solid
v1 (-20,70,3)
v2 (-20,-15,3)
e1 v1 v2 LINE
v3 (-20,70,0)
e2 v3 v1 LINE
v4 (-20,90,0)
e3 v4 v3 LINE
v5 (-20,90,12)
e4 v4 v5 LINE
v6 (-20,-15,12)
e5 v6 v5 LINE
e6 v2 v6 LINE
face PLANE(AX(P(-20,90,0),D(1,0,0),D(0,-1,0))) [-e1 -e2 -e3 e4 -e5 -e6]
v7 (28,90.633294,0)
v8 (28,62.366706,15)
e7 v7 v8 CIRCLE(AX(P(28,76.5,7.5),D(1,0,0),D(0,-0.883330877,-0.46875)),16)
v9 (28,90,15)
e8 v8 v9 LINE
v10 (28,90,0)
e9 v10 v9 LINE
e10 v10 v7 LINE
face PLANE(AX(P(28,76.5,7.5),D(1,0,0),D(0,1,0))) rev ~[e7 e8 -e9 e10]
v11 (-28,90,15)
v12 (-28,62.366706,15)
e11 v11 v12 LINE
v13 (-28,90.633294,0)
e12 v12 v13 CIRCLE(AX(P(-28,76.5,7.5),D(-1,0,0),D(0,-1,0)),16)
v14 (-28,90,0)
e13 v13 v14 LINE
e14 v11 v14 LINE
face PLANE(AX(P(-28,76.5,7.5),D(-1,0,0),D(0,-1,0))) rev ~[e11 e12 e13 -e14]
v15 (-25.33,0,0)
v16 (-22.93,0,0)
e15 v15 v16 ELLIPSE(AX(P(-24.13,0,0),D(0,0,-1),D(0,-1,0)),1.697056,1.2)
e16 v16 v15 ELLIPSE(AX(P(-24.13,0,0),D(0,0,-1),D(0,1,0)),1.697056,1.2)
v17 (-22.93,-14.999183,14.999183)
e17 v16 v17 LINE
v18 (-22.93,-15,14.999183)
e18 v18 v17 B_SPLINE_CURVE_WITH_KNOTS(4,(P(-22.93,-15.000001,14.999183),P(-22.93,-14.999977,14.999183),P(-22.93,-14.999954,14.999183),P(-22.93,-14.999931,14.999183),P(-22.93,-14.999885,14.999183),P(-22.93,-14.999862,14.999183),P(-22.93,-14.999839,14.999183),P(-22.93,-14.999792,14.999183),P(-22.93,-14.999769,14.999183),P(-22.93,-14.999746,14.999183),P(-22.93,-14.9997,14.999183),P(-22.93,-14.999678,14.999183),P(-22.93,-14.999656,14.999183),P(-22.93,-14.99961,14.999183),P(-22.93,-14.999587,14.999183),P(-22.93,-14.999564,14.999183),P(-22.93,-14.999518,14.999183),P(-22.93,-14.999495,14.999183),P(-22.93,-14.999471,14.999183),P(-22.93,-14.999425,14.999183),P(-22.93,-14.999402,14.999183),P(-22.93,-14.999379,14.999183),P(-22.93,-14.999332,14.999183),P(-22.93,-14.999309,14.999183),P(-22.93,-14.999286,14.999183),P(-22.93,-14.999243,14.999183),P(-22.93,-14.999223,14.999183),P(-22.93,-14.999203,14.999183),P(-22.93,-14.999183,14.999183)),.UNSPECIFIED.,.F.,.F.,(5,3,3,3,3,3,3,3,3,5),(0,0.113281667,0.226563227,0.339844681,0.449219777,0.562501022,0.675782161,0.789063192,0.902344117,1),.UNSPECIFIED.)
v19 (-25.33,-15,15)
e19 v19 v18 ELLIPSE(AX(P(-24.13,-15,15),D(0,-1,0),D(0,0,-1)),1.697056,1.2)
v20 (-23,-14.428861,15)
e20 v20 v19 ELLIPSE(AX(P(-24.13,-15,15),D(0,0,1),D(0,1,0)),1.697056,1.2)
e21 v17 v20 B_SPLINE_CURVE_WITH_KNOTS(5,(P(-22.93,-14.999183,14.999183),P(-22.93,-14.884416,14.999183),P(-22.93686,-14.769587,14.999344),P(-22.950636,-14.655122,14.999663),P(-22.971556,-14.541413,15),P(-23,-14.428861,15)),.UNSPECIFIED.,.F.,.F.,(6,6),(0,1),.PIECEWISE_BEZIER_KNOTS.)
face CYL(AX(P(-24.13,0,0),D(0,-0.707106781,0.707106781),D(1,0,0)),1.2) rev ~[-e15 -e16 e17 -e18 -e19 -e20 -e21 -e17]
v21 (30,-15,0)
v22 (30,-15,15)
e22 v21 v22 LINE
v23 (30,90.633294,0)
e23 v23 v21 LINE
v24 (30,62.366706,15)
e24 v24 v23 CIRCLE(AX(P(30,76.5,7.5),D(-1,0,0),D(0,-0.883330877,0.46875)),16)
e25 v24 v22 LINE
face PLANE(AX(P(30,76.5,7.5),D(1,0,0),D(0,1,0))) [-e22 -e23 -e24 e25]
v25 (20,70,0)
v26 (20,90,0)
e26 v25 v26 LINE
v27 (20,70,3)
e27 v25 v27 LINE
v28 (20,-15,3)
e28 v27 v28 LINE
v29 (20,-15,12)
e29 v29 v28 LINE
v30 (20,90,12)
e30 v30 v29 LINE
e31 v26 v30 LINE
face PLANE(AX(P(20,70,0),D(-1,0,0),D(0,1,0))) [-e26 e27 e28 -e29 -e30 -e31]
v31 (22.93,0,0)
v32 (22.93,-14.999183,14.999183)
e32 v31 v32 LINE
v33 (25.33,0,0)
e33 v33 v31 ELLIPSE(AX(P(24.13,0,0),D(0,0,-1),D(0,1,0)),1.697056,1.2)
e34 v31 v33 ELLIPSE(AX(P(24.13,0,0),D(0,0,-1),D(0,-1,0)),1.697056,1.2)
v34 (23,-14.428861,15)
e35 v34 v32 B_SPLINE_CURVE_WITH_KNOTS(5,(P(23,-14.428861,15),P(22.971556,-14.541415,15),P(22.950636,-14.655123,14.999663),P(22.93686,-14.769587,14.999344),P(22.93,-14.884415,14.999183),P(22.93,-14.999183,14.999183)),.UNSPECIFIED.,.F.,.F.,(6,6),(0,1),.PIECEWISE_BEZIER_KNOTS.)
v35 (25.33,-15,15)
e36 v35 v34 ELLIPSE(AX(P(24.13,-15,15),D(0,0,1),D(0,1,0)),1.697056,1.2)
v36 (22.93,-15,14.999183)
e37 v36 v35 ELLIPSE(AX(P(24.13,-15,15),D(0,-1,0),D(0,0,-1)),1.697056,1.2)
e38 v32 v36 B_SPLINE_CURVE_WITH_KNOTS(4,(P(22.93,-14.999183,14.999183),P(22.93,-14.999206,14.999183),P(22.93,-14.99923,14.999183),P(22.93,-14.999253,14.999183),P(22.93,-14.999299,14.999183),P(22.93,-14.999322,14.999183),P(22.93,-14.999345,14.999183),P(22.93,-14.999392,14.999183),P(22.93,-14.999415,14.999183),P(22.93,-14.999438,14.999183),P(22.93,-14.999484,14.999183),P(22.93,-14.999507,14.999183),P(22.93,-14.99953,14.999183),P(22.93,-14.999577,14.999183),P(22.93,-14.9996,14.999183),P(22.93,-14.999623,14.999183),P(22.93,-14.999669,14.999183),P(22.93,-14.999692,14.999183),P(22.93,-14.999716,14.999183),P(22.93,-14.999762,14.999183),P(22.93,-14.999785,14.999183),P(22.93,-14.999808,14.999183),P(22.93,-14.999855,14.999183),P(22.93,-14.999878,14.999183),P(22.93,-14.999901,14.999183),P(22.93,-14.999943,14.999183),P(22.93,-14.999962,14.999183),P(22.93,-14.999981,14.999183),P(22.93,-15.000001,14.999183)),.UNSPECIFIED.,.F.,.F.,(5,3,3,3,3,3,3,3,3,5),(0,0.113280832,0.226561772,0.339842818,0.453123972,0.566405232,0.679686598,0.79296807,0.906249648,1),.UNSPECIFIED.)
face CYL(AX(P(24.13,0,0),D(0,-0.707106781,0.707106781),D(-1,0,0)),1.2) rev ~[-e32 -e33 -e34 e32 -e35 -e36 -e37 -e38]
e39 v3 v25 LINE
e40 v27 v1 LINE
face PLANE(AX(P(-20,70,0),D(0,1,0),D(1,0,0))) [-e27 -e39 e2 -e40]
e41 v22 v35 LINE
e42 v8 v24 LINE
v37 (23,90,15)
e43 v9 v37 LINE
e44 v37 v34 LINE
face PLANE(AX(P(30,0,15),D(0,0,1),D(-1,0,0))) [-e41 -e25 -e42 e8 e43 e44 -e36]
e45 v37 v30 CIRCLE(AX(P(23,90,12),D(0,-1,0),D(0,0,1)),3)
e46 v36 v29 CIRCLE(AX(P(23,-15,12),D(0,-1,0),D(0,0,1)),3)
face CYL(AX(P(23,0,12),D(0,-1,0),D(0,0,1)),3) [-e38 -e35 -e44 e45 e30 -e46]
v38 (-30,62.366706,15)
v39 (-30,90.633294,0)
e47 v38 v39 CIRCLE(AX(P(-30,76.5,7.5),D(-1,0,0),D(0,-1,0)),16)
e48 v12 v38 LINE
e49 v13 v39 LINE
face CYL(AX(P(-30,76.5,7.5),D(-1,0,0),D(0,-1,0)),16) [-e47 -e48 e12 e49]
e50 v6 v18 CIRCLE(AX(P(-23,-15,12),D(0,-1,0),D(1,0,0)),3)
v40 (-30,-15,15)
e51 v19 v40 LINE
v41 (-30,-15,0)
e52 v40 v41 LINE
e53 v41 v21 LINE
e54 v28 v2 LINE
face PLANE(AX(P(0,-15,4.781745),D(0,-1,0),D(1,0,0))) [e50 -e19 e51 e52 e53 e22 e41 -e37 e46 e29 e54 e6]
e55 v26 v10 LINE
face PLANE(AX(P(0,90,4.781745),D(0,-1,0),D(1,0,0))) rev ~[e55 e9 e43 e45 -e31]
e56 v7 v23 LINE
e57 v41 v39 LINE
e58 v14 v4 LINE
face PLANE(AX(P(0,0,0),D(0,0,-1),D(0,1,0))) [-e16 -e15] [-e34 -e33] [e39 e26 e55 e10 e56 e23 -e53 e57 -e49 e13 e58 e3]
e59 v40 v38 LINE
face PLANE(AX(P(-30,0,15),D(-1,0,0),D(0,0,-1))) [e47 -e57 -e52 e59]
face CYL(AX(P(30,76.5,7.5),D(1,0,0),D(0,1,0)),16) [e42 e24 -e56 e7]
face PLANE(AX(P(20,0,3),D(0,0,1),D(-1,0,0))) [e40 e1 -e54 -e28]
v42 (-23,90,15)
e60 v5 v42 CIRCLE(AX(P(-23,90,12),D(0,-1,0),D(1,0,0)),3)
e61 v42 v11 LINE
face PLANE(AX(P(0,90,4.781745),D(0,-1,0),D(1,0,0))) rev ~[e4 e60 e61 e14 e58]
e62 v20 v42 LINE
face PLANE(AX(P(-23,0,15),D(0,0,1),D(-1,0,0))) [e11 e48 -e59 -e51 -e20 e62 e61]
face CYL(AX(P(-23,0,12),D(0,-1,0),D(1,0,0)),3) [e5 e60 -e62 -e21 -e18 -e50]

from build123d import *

# Parameters (mm, degrees)
F2_DEPTH       = 100
F2_DEPTH_BACK  = 20
F1_R           = 1
F4_DEPTH       = 15
F4_DEPTH_BACK  = 90
F6_R           = 16
F7_DEPTH       = 2
F8_R           = 16
F9_DEPTH       = 2
F11_DEPTH      = 10
F12_R          = 1.2
F13_DEPTH      = 124.25
F13_DEPTH_BACK = 109.5
F14_W          = 125.272244215
F14_H          = 20.9059882909
F15_DEPTH      = 40


with BuildPart() as f2:
    # F1 (on face) → F2 (new body, two sides)
    with BuildSketch(Plane(origin=(0, 0, 0), x_dir=(1, 0, 0), z_dir=(0, -0.7071067812, 0.7071067812))) as f2_sk:
        with BuildLine():
            ThreePointArc((25.13, 0), (24.13, 1), (23.13, 0))
            ThreePointArc((23.13, 0), (24.13, -1), (25.13, 0))
        make_face()
    extrude(amount=F2_DEPTH)
    extrude(f2_sk.sketch, amount=-F2_DEPTH_BACK)



with BuildPart() as f2b:
    # F1 (on face) → F2, piece 2 (new body, two sides)
    with BuildSketch(Plane(origin=(0, 0, 0), x_dir=(1, 0, 0), z_dir=(0, -0.7071067812, 0.7071067812))) as f2_2_sk:
        with Locations((-24.13, 0)):
            Circle(F1_R)
    extrude(amount=F2_DEPTH)
    extrude(f2_2_sk.sketch, amount=-F2_DEPTH_BACK)


with BuildPart() as f2_1:
    add(f2.part)

    add(f2b.part)  # F4 merges F2b
    # F3 (on Front) → F4 (join, two sides)
    with BuildSketch(Plane.XZ) as f4_sk:
        with BuildLine():
            Line((-30, 15), (-30, 0))
            Line((-30, 0), (30, 0))
            Line((30, 0), (30, 15))
            Line((30, 15), (23, 15))
            ThreePointArc((23, 15), (20.8786796564, 14.1213203436), (20, 12))
            Line((20, 12), (20, 3))
            Line((20, 3), (-20, 3))
            Line((-20, 3), (-20, 12))
            ThreePointArc((-20, 12), (-20.8786796564, 14.1213203436), (-23, 15))
            Line((-23, 15), (-30, 15))
        make_face()
    extrude(amount=F4_DEPTH)
    extrude(f4_sk.sketch, amount=-F4_DEPTH_BACK)

    # F6 (on face) → F7 (join)
    with BuildSketch(Plane(origin=(-30, 0, 0), x_dir=(0, -1, 0), z_dir=(-1, 0, 0))):
        with Locations((-76.5, 7.5)):
            Circle(F6_R)
    extrude(amount=-F7_DEPTH)

    # F8 (on face) → F9 (join)
    with BuildSketch(Plane.YZ.offset(30)):
        with Locations((76.5, 7.5)):
            Circle(F8_R)
    extrude(amount=-F9_DEPTH)

    # F10 (on Top) → F11 (cut)
    with BuildSketch(Plane.XY):
        Polygon((20, 90), (-20, 90), (-20, 77.4333529874), (-20, 70), (20, 70), align=None)
    extrude(amount=F11_DEPTH, mode=Mode.SUBTRACT)

    # F12 (on face) → F13 (cut, two sides)
    with BuildSketch(Plane(origin=(0, 0, 0), x_dir=(1, 0, 0), z_dir=(0, -0.7071067812, 0.7071067812))) as f13_sk:
        with BuildLine():
            ThreePointArc((25.33, 0), (24.13, 1.2), (22.93, 0))
            ThreePointArc((22.93, 0), (24.13, -1.2), (25.33, 0))
        make_face()
        with Locations((-24.13, 0)):
            Circle(F12_R)
    extrude(amount=F13_DEPTH, mode=Mode.SUBTRACT)
    extrude(f13_sk.sketch, amount=-F13_DEPTH_BACK, mode=Mode.SUBTRACT)

    # F14 (on Right) → F15 (cut, symmetric)
    with BuildSketch(Plane.YZ):
        with Locations((62.6361221075, -10.4529941455)):
            Rectangle(F14_W, F14_H)
    extrude(amount=F15_DEPTH, both=True, mode=Mode.SUBTRACT)


solid = f2_1.part
